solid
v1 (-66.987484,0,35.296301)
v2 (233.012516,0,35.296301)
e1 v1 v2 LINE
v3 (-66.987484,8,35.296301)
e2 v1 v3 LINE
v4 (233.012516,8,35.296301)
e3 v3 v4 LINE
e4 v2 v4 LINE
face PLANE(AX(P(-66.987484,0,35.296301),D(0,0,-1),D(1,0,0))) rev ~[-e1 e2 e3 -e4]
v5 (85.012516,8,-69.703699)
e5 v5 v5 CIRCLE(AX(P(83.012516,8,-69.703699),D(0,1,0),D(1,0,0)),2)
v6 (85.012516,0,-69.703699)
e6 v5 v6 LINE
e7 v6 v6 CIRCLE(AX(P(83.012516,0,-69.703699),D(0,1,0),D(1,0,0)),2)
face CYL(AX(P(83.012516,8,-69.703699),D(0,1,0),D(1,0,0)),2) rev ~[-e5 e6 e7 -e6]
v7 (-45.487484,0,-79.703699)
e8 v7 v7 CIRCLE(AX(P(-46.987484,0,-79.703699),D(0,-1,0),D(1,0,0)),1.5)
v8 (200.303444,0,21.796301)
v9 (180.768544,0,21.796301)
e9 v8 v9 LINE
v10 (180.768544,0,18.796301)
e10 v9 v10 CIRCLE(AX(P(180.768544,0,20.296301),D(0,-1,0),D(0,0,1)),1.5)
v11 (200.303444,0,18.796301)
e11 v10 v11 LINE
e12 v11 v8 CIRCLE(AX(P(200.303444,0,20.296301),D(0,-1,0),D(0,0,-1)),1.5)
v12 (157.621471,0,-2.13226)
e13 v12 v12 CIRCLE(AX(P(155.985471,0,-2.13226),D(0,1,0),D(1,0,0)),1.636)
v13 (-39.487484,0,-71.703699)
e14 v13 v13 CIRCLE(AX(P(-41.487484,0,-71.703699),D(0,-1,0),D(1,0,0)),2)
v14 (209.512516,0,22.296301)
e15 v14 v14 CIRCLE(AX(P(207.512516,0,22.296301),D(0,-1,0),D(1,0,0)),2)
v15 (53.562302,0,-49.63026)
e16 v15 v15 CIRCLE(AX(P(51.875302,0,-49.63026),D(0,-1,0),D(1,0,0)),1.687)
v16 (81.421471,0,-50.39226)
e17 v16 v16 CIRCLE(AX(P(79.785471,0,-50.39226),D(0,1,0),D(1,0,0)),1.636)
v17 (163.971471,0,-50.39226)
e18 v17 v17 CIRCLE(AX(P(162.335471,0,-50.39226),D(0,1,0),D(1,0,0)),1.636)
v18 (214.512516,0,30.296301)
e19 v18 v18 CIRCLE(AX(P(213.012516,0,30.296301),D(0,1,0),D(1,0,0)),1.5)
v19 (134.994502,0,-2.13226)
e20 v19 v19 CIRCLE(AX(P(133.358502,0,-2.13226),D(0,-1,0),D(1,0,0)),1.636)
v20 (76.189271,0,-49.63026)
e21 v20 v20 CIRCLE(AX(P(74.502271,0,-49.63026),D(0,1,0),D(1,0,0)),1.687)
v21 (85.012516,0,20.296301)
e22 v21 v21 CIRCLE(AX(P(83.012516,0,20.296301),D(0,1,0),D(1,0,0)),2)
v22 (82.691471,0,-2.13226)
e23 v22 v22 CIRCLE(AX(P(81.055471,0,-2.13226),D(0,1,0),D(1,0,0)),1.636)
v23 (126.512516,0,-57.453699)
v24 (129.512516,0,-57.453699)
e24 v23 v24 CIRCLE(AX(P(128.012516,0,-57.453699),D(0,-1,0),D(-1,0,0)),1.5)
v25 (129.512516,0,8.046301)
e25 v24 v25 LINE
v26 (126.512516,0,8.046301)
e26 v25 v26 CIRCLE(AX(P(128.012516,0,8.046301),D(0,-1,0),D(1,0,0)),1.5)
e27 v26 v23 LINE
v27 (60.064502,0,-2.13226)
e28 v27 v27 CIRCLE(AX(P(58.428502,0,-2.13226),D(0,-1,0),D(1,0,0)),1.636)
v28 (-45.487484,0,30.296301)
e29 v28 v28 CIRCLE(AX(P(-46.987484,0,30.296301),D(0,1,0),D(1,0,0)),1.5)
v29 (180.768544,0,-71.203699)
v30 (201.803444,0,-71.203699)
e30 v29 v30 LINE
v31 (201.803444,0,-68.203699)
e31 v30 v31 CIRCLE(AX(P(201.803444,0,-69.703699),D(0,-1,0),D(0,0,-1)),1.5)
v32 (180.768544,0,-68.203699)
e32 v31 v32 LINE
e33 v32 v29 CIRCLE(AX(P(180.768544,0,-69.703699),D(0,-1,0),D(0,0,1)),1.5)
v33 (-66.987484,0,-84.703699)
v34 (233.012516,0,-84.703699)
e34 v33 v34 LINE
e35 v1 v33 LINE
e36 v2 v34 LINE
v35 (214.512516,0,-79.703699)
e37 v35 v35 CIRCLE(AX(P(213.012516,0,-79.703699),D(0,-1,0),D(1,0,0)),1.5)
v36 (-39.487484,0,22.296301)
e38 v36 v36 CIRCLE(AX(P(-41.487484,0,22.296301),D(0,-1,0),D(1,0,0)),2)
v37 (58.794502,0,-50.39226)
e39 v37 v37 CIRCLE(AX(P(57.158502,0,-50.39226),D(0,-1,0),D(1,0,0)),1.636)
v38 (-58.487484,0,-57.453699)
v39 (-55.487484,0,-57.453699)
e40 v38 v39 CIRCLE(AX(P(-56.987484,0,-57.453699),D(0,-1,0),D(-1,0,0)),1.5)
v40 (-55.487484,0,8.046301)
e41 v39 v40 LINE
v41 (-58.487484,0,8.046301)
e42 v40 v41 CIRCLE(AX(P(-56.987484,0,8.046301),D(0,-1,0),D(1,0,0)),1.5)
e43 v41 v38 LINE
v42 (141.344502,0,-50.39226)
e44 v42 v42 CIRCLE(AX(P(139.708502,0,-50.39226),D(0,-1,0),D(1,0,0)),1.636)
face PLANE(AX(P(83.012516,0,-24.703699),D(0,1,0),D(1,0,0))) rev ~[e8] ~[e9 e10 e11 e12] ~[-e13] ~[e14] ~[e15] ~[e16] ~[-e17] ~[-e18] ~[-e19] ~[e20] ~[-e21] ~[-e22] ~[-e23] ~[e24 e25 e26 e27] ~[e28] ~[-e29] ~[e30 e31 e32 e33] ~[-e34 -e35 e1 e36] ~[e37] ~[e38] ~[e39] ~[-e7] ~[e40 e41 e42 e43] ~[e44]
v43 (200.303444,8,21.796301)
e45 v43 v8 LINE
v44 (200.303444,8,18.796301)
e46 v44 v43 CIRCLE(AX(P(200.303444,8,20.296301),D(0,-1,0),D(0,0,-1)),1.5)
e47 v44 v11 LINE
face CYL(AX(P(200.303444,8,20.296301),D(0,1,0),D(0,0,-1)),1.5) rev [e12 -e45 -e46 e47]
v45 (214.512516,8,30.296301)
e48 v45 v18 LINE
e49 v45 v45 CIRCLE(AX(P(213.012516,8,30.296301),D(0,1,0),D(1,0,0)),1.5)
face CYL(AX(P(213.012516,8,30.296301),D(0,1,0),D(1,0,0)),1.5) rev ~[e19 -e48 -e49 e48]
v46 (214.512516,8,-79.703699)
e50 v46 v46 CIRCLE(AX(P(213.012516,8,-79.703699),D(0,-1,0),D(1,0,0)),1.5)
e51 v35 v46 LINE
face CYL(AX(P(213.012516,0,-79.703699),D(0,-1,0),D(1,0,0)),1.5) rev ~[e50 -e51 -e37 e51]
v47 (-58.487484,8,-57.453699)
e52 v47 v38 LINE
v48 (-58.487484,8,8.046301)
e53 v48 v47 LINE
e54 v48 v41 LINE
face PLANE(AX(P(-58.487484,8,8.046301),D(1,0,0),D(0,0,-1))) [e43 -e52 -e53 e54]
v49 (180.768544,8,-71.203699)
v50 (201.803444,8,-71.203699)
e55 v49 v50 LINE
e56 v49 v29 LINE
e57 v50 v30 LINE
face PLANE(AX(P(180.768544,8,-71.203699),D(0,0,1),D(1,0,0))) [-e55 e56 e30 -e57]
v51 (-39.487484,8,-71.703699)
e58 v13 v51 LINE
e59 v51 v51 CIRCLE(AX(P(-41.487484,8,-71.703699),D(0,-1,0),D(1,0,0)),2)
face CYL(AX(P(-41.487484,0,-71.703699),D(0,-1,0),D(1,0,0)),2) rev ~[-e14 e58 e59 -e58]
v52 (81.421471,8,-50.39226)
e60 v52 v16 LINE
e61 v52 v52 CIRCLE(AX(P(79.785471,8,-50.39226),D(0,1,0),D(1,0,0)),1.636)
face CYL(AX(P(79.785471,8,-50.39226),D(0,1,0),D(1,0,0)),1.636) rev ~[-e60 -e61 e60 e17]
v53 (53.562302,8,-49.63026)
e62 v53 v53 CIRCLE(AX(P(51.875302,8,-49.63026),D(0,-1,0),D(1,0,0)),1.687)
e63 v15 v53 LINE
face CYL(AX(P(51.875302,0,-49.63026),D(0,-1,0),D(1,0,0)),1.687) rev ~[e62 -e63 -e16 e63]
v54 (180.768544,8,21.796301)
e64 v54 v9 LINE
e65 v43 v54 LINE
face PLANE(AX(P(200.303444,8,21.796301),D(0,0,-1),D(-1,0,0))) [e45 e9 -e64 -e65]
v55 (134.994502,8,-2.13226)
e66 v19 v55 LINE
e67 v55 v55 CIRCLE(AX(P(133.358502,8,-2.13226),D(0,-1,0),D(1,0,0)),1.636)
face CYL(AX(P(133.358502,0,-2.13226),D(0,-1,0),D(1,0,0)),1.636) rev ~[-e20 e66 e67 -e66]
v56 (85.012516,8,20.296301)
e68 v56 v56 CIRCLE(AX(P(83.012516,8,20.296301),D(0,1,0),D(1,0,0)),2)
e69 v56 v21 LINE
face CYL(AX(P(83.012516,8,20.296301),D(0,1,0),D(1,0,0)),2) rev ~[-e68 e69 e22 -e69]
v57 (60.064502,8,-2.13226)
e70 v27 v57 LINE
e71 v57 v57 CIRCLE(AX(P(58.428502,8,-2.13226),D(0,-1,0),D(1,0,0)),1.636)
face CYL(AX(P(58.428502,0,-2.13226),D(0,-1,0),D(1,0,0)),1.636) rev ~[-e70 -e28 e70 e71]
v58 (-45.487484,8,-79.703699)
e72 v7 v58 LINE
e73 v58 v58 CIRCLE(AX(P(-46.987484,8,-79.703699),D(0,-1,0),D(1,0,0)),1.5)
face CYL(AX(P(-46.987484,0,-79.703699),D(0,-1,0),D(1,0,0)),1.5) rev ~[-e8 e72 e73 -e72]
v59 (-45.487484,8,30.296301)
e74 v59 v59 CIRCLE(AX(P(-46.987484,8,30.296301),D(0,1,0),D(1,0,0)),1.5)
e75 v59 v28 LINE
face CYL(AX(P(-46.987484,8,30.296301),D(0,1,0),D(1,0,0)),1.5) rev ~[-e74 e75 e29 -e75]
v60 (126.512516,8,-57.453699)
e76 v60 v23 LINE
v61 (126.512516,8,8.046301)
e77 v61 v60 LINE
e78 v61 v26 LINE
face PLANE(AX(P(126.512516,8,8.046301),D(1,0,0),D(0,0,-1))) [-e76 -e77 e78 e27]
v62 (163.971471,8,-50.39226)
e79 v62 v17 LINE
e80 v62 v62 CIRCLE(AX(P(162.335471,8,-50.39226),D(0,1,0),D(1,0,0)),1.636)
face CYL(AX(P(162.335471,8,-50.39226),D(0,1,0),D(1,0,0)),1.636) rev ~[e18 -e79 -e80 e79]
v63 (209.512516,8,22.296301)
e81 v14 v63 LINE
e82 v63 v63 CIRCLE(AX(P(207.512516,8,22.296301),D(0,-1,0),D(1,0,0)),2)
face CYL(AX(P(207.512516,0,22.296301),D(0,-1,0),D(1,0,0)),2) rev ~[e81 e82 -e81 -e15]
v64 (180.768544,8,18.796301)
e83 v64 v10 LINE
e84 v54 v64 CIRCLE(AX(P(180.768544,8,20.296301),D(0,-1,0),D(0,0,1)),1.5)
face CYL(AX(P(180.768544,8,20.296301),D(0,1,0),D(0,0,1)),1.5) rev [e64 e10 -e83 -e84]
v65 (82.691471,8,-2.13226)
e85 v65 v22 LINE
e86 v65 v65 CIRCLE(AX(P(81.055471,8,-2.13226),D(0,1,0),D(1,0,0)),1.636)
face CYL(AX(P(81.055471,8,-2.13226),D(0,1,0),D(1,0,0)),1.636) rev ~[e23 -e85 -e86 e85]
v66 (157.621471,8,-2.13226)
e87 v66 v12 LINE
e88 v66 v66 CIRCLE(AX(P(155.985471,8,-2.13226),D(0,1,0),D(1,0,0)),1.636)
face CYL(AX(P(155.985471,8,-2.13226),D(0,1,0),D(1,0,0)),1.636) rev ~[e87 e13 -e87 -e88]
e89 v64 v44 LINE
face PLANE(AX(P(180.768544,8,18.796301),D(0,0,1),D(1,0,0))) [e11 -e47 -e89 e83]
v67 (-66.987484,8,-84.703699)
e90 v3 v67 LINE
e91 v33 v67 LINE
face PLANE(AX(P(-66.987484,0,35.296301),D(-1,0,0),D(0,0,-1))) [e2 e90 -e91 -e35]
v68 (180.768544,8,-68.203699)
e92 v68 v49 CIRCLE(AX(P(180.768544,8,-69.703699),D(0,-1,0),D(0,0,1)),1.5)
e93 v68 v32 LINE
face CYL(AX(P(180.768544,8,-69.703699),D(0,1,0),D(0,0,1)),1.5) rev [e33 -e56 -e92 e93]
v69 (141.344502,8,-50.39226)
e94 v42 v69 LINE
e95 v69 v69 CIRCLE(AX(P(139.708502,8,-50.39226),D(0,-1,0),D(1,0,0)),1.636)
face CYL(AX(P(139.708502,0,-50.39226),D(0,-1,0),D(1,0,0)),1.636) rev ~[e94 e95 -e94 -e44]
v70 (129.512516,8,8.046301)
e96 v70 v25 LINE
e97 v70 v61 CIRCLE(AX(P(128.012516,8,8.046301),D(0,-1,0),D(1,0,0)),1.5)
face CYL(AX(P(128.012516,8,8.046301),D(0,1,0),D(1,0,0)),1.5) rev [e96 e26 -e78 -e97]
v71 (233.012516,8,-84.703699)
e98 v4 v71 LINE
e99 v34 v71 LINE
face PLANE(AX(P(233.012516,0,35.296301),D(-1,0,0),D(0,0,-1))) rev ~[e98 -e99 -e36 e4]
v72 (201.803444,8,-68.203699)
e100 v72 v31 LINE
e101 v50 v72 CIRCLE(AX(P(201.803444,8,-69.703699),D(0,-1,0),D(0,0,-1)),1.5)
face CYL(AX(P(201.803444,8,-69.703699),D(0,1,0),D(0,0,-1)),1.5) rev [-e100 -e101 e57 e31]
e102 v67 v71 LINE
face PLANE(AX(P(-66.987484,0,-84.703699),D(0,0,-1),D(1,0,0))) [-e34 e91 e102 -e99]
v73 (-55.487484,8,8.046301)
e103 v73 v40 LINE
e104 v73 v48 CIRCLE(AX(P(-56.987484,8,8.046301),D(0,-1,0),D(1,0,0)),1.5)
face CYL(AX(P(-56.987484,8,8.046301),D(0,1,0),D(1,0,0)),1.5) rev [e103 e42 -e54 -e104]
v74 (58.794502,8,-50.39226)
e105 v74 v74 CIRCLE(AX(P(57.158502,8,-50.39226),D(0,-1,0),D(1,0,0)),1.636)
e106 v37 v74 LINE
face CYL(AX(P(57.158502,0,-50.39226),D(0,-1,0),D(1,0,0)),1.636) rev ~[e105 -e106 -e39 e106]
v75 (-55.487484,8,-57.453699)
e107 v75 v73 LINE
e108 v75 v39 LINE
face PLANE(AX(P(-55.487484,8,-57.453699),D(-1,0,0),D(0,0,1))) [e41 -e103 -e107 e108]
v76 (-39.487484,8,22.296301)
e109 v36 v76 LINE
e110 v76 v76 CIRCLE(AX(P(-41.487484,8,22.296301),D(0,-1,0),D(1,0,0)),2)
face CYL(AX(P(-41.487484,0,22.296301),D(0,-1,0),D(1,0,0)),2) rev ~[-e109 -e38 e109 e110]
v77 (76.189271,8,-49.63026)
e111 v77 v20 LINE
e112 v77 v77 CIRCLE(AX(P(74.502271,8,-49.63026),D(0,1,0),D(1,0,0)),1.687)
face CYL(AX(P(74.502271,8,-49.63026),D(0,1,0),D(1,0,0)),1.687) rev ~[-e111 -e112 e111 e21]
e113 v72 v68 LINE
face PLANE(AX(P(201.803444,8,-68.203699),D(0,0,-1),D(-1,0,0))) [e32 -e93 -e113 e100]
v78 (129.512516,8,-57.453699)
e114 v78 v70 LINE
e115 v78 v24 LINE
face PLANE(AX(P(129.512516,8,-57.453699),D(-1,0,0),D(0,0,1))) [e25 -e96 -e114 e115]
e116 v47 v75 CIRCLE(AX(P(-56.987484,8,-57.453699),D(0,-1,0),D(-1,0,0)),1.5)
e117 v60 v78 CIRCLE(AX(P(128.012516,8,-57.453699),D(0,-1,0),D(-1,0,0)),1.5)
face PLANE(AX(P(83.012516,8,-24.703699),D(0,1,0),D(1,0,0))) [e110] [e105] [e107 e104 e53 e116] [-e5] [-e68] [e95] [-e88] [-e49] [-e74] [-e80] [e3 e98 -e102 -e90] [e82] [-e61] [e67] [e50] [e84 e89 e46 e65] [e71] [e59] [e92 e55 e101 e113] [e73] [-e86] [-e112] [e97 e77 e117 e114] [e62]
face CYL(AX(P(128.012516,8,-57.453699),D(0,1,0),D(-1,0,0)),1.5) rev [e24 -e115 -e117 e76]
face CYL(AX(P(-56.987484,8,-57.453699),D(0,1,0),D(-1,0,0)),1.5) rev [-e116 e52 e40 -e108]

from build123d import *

# Parameters (mm, degrees)
SKETCH1_W           = 300
SKETCH1_H           = 120
BOSS_EXTRUDE1_DEPTH = 8
SKETCH2_R           = 1.636
SKETCH2_R_2         = 1.687
CUT_EXTRUDE1_DEPTH  = 8
CUT_EXTRUDE2_DEPTH  = 8
CUT_EXTRUDE3_DEPTH  = 8
SKETCH2_5_R         = 1.636
CUT_EXTRUDE4_DEPTH  = 8
SKETCH5_R           = 2
CUT_EXTRUDE5_DEPTH  = 8
SKETCH5_3_R         = 2
CUT_EXTRUDE6_DEPTH  = 8
CUT_EXTRUDE7_DEPTH  = 8
SKETCH9_R           = 1.5
CUT_EXTRUDE9_DEPTH  = 10
SKETCH8_R           = 1.5
CUT_EXTRUDE10_DEPTH = 10
SKETCH10_R          = 1.687
SKETCH10_R_2        = 1.636
CUT_EXTRUDE11_DEPTH = 10
SKETCH10_3_R        = 2
CUT_EXTRUDE12_DEPTH = 10
SKETCH10_4_R        = 2
CUT_EXTRUDE13_DEPTH = 10


with BuildPart() as part:
    # Sketch1 → Boss-Extrude1 (new body)
    with BuildSketch(Plane(origin=(0, 0, 0), x_dir=(1, 0, 0), z_dir=(0, 1, 0))):
        with Locations((83.012516048, 24.703699284)):
            Rectangle(SKETCH1_W, SKETCH1_H)
    extrude(amount=BOSS_EXTRUDE1_DEPTH)

    # Sketch2 → Cut-Extrude1 (cut)
    with BuildSketch(Plane(origin=(0, 8, 0), x_dir=(1, 0, 0), z_dir=(0, 1, 0))):
        with Locations((79.785470733, 50.392260228)):
            Circle(SKETCH2_R)
        with Locations((74.502270733, 49.630260228)):
            Circle(SKETCH2_R_2)
        with Locations((81.055470733, 2.132260228)):
            Circle(SKETCH2_R)
        with Locations((155.985470733, 2.132260228)):
            Circle(SKETCH2_R)
    extrude(amount=-CUT_EXTRUDE1_DEPTH, mode=Mode.SUBTRACT)

    # Sketch2<3> → Cut-Extrude2 (cut)
    with BuildSketch(Plane(origin=(0, 8, 0), x_dir=(1, 0, 0), z_dir=(0, 1, 0))):
        with BuildLine():
            Line((-58.487483952, -8.046300716), (-58.487483952, 57.453699284))
            ThreePointArc((-58.487483952, 57.453699284), (-56.987483952, 58.953699284), (-55.487483952, 57.453699284))
            Line((-55.487483952, 57.453699284), (-55.487483952, -8.046300716))
            ThreePointArc((-55.487483952, -8.046300716), (-56.987483952, -9.546300716), (-58.487483952, -8.046300716))
        make_face()
    extrude(amount=-CUT_EXTRUDE2_DEPTH, mode=Mode.SUBTRACT)

    # Sketch2<4> → Cut-Extrude3 (cut)
    with BuildSketch(Plane(origin=(0, 8, 0), x_dir=(1, 0, 0), z_dir=(0, 1, 0))):
        with BuildLine():
            Line((126.512516048, -8.046300716), (126.512516048, 57.453699284))
            ThreePointArc((126.512516048, 57.453699284), (128.012516048, 58.953699284), (129.512516048, 57.453699284))
            Line((129.512516048, 57.453699284), (129.512516048, -8.046300716))
            ThreePointArc((129.512516048, -8.046300716), (128.012516048, -9.546300716), (126.512516048, -8.046300716))
        make_face()
    extrude(amount=-CUT_EXTRUDE3_DEPTH, mode=Mode.SUBTRACT)

    # Sketch2<5> → Cut-Extrude4 (cut)
    with BuildSketch(Plane(origin=(0, 8, 0), x_dir=(1, 0, 0), z_dir=(0, 1, 0))):
        with Locations((162.335470733, 50.392260228)):
            Circle(SKETCH2_5_R)
    extrude(amount=-CUT_EXTRUDE4_DEPTH, mode=Mode.SUBTRACT)

    # Sketch5 → Cut-Extrude5 (cut)
    with BuildSketch(Plane(origin=(0, 8, 0), x_dir=(1, 0, 0), z_dir=(0, 1, 0))):
        with Locations((83.012516048, -20.296300716)):
            Circle(SKETCH5_R)
    extrude(amount=-CUT_EXTRUDE5_DEPTH, mode=Mode.SUBTRACT)

    # Sketch5<3> → Cut-Extrude6 (cut)
    with BuildSketch(Plane(origin=(0, 8, 0), x_dir=(1, 0, 0), z_dir=(0, 1, 0))):
        with Locations((83.012516048, 69.703699284)):
            Circle(SKETCH5_3_R)
    extrude(amount=-CUT_EXTRUDE6_DEPTH, mode=Mode.SUBTRACT)

    # Sketch6 → Cut-Extrude7 (cut)
    with BuildSketch(Plane(origin=(0, 8, 0), x_dir=(1, 0, 0), z_dir=(0, 1, 0))):
        with BuildLine():
            Line((180.768543767, 71.203699284), (201.803443745, 71.203699284))
            ThreePointArc((201.803443745, 71.203699284), (203.303443745, 69.703699284), (201.803443745, 68.203699284))
            Line((201.803443745, 68.203699284), (180.768543767, 68.203699284))
            ThreePointArc((180.768543767, 68.203699284), (179.268543767, 69.703699284), (180.768543767, 71.203699284))
        make_face()
        with BuildLine():
            Line((180.768543767, -18.796300716), (200.303443745, -18.796300716))
            ThreePointArc((200.303443745, -18.796300716), (201.803443745, -20.296300716), (200.303443745, -21.796300716))
            Line((200.303443745, -21.796300716), (180.768543767, -21.796300716))
            ThreePointArc((180.768543767, -21.796300716), (179.268543767, -20.296300716), (180.768543767, -18.796300716))
        make_face()
    extrude(amount=-CUT_EXTRUDE7_DEPTH, mode=Mode.SUBTRACT)

    # Sketch9 → Cut-Extrude9 (cut)
    with BuildSketch(Plane.XZ):
        with Locations((213.012516048, -79.703699284)):
            Circle(SKETCH9_R)
        with Locations((-46.987483952, -79.703699284)):
            Circle(SKETCH9_R)
    extrude(amount=-CUT_EXTRUDE9_DEPTH, mode=Mode.SUBTRACT)

    # Sketch8 → Cut-Extrude10 (cut)
    with BuildSketch(Plane(origin=(0, 8, 0), x_dir=(1, 0, 0), z_dir=(0, 1, 0))):
        with Locations((-46.987483952, -30.296300716)):
            Circle(SKETCH8_R)
        with Locations((213.012516048, -30.296300716)):
            Circle(SKETCH8_R)
    extrude(amount=-CUT_EXTRUDE10_DEPTH, mode=Mode.SUBTRACT)

    # Sketch10 → Cut-Extrude11 (cut)
    with BuildSketch(Plane.XZ):
        with Locations((51.875302079, -49.630260228)):
            Circle(SKETCH10_R)
        with Locations((57.158502079, -50.392260228)):
            Circle(SKETCH10_R_2)
        with Locations((58.428502079, -2.132260228)):
            Circle(SKETCH10_R_2)
        with Locations((139.708502079, -50.392260228)):
            Circle(SKETCH10_R_2)
        with Locations((133.358502079, -2.132260228)):
            Circle(SKETCH10_R_2)
    extrude(amount=-CUT_EXTRUDE11_DEPTH, mode=Mode.SUBTRACT)

    # Sketch10<3> → Cut-Extrude12 (cut)
    with BuildSketch(Plane.XZ):
        with Locations((207.512516048, 22.296300716)):
            Circle(SKETCH10_3_R)
    extrude(amount=-CUT_EXTRUDE12_DEPTH, mode=Mode.SUBTRACT)

    # Sketch10<4> → Cut-Extrude13 (cut)
    with BuildSketch(Plane.XZ):
        with Locations((-41.487483952, 22.296300716)):
            Circle(SKETCH10_4_R)
        with Locations((-41.487483952, -71.703699284)):
            Circle(SKETCH10_4_R)
    extrude(amount=-CUT_EXTRUDE13_DEPTH, mode=Mode.SUBTRACT)


solid = part.part
